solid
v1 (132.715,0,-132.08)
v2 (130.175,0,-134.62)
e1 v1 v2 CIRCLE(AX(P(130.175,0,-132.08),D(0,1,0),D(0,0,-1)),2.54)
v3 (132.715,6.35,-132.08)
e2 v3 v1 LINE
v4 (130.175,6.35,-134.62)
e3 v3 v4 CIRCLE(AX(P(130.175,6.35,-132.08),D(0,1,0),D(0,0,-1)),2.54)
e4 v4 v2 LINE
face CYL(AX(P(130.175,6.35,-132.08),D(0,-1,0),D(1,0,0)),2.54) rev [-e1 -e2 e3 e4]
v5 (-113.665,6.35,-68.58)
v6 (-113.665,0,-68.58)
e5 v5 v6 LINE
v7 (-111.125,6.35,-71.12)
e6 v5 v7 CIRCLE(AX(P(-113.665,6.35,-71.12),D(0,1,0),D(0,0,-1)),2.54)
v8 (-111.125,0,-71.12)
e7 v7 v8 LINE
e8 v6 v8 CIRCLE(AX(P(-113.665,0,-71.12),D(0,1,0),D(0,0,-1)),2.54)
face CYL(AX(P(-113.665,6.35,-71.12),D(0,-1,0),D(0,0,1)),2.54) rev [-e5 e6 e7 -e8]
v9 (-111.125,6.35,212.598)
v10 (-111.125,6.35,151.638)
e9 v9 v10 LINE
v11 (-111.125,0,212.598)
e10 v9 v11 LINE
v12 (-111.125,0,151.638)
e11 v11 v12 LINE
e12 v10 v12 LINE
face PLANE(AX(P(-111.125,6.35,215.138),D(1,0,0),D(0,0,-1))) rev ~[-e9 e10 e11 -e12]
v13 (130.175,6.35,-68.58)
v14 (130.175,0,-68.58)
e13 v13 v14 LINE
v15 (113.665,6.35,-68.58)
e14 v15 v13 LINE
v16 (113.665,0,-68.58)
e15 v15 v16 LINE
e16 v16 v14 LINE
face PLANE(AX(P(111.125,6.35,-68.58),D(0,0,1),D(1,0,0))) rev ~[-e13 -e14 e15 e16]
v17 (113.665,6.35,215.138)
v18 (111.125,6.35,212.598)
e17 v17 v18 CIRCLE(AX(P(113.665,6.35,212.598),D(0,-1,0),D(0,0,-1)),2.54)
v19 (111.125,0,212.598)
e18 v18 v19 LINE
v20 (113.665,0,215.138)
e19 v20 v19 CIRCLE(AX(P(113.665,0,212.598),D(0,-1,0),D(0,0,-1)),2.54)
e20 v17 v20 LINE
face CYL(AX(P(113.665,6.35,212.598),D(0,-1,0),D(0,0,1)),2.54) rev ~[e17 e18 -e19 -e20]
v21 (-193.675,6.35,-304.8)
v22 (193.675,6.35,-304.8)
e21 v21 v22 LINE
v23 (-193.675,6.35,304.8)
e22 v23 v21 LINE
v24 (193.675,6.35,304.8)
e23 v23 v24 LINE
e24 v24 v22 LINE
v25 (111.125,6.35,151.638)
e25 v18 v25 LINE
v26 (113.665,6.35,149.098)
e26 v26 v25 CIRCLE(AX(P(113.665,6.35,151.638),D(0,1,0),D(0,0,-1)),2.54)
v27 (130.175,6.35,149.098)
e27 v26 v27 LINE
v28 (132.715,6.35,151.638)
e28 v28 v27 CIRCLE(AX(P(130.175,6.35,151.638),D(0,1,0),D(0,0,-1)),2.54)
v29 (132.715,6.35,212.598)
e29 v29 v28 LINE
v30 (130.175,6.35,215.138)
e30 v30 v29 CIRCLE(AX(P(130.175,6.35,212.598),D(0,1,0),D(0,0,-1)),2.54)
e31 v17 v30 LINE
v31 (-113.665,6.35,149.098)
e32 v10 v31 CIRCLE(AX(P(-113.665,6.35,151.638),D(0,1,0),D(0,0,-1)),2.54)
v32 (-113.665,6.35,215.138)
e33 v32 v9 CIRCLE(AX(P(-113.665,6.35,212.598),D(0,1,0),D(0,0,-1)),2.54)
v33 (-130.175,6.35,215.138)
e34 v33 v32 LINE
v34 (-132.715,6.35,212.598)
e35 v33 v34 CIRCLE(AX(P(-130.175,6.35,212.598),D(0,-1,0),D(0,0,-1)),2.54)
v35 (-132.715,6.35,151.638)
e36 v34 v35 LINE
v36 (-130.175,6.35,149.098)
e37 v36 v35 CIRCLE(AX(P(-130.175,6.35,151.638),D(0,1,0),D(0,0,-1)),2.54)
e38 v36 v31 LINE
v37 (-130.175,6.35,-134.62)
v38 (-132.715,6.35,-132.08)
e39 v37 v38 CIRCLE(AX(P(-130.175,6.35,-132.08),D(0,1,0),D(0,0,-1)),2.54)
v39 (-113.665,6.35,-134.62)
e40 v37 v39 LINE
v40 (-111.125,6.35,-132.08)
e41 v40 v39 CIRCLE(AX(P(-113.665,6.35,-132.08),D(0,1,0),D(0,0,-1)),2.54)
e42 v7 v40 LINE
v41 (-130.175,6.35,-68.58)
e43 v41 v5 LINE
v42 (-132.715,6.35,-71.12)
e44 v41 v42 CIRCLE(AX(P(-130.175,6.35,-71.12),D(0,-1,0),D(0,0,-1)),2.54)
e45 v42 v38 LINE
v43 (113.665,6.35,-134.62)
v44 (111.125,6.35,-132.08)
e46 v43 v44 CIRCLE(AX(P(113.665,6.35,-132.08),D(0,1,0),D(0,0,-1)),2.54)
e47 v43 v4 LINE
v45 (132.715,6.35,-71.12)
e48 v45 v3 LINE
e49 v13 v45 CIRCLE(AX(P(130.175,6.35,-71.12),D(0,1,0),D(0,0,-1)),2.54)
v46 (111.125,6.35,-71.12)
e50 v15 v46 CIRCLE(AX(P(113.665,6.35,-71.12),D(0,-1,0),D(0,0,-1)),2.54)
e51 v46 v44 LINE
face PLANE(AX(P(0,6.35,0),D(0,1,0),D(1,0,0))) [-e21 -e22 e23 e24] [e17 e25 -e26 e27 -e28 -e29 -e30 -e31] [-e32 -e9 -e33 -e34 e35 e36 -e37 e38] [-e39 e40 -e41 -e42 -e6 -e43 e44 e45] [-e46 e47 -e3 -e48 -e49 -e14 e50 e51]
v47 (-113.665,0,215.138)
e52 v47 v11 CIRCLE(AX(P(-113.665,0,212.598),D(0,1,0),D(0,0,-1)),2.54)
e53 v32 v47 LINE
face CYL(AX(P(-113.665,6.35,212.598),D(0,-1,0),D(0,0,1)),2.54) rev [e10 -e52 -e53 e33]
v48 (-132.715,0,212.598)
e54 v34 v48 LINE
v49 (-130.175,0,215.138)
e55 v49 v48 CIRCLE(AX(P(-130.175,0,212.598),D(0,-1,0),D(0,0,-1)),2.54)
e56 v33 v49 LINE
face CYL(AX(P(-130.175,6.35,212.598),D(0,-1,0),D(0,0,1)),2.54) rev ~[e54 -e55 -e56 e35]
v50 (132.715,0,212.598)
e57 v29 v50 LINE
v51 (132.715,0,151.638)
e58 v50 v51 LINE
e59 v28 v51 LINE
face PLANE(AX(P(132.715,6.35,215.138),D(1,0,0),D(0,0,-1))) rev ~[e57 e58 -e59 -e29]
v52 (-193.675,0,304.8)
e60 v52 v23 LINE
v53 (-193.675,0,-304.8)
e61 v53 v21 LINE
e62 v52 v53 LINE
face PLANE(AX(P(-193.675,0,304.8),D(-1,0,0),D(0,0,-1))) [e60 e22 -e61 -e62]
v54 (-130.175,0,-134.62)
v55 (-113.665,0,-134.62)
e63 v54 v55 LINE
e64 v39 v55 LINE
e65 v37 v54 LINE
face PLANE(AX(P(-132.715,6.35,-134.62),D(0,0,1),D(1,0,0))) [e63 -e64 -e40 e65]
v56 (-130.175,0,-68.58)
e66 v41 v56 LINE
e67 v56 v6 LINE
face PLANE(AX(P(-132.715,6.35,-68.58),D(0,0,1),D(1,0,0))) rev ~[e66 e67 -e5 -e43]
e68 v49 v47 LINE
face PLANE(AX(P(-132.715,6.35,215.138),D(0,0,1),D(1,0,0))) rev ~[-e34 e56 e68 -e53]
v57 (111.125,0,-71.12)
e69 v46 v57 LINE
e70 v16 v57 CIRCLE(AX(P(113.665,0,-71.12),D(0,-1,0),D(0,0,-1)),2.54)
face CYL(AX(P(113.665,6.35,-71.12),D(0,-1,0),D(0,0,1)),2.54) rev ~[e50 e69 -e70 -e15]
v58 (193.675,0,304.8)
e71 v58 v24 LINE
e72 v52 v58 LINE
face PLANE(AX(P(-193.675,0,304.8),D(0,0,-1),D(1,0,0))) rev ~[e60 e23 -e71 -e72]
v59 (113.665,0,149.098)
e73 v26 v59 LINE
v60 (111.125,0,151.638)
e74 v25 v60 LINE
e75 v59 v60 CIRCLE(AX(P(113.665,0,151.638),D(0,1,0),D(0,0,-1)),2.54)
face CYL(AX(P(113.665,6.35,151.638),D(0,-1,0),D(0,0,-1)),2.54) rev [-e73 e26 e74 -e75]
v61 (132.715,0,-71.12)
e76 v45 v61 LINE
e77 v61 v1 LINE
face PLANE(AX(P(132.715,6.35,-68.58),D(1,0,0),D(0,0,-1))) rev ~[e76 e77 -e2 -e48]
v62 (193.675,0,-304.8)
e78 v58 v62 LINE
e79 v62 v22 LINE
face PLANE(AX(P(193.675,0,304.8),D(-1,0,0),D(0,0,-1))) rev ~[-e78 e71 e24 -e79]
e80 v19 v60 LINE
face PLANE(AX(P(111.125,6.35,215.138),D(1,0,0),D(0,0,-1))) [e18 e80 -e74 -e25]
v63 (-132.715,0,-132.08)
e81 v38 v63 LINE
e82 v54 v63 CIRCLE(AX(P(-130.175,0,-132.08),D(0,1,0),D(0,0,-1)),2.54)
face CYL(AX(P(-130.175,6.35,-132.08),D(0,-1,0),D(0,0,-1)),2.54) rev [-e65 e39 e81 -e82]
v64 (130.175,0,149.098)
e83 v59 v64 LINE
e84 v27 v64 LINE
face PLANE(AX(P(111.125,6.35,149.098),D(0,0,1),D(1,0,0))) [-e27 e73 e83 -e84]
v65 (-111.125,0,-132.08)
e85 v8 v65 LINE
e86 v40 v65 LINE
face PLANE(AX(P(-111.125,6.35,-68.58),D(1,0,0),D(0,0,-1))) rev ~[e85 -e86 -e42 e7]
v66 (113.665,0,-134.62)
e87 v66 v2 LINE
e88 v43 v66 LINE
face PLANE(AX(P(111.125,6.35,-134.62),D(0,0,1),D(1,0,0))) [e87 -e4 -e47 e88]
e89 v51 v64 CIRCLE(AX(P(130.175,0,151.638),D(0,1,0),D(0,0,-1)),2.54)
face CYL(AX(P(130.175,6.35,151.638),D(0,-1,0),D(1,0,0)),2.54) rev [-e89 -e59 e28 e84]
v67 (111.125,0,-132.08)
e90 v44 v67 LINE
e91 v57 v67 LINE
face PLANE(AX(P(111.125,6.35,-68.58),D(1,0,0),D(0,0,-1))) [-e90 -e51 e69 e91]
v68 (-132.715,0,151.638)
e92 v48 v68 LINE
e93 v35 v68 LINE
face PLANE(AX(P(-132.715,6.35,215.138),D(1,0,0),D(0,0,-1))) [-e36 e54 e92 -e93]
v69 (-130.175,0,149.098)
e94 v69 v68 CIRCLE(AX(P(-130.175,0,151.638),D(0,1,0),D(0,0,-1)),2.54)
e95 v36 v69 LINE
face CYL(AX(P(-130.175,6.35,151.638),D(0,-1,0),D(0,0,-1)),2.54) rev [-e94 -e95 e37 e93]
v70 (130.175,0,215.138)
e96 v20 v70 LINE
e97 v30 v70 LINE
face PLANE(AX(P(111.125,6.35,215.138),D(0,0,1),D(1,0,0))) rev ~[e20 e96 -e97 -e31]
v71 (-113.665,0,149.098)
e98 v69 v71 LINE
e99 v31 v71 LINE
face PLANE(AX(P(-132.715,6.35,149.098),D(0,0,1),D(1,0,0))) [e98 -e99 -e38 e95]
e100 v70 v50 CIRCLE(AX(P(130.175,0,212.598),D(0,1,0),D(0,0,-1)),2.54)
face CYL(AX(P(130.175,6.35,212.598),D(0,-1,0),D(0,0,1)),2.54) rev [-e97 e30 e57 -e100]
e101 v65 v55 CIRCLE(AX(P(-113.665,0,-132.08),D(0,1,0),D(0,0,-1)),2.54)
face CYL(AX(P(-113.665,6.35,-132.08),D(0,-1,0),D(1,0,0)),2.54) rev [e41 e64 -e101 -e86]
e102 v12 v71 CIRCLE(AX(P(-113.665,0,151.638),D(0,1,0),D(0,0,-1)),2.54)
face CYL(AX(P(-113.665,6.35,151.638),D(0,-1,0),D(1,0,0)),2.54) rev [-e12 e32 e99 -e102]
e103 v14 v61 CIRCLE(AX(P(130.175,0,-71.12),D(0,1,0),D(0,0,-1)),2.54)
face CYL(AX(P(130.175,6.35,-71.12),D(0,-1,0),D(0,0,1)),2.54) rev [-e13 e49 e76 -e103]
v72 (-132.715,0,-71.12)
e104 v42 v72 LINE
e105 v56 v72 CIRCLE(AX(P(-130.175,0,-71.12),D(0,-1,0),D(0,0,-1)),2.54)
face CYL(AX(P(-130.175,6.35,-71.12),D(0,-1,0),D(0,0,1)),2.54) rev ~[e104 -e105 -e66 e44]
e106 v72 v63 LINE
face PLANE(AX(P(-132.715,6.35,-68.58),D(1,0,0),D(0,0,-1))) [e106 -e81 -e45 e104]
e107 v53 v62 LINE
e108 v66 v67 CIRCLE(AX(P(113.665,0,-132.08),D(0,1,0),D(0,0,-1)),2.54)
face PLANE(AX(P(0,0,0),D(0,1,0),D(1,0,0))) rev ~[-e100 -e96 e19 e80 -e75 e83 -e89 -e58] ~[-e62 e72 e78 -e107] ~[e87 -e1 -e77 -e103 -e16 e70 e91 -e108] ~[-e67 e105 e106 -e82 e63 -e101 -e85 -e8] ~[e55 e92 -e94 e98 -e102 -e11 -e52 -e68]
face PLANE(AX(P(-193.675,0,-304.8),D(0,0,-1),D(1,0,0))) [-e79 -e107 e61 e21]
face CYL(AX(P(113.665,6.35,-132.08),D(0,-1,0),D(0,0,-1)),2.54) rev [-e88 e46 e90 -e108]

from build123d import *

# Parameters (mm, degrees)
SKETCH1_W           = 387.35
SKETCH1_H           = 609.6
BOSS_EXTRUDE1_DEPTH = 6.35
SKETCH2_W           = 21.59
SKETCH2_H           = 66.04
CUT_EXTRUDE1_DEPTH  = 362.183288823
FILLET1_R           = 2.54


with BuildPart() as part:
    # Sketch1 → Boss-Extrude1 (new body)
    with BuildSketch(Plane(origin=(0, 0, 0), x_dir=(1, 0, 0), z_dir=(0, 1, 0))):
        Rectangle(SKETCH1_W, SKETCH1_H)
    extrude(amount=BOSS_EXTRUDE1_DEPTH)

    # Sketch2 → Cut-Extrude1 (cut, through all)
    with BuildSketch(Plane(origin=(0, 6.35, 0), x_dir=(1, 0, 0), z_dir=(0, 1, 0))):
        with Locations((121.92, -182.118)):
            Rectangle(SKETCH2_W, SKETCH2_H)
        with Locations((121.92, 101.6)):
            Rectangle(SKETCH2_W, SKETCH2_H)
        with Locations((-121.92, -182.118)):
            Rectangle(SKETCH2_W, SKETCH2_H)
        with Locations((-121.92, 101.6)):
            Rectangle(SKETCH2_W, SKETCH2_H)
    extrude(amount=-CUT_EXTRUDE1_DEPTH, mode=Mode.SUBTRACT)

    # Fillet1
    fillet1_edges = [part.edges().sort_by_distance(p)[0] for p in [
        (132.715, 3.175, -134.62),
        (132.715, 3.175, -68.58),
        (111.125, 3.175, -68.58),
        (111.125, 3.175, -134.62),
        (-111.125, 3.175, 215.138),
        (-132.715, 3.175, 215.138),
        (-132.715, 3.175, 149.098),
        (-111.125, 3.175, 149.098),
        (-111.125, 3.175, -68.58),
        (-132.715, 3.175, -68.58),
        (-132.715, 3.175, -134.62),
        (-111.125, 3.175, -134.62),
        (132.715, 3.175, 149.098),
        (132.715, 3.175, 215.138),
        (111.125, 3.175, 215.138),
        (111.125, 3.175, 149.098),
    ]]
    fillet(fillet1_edges, radius=FILLET1_R)


solid = part.part
